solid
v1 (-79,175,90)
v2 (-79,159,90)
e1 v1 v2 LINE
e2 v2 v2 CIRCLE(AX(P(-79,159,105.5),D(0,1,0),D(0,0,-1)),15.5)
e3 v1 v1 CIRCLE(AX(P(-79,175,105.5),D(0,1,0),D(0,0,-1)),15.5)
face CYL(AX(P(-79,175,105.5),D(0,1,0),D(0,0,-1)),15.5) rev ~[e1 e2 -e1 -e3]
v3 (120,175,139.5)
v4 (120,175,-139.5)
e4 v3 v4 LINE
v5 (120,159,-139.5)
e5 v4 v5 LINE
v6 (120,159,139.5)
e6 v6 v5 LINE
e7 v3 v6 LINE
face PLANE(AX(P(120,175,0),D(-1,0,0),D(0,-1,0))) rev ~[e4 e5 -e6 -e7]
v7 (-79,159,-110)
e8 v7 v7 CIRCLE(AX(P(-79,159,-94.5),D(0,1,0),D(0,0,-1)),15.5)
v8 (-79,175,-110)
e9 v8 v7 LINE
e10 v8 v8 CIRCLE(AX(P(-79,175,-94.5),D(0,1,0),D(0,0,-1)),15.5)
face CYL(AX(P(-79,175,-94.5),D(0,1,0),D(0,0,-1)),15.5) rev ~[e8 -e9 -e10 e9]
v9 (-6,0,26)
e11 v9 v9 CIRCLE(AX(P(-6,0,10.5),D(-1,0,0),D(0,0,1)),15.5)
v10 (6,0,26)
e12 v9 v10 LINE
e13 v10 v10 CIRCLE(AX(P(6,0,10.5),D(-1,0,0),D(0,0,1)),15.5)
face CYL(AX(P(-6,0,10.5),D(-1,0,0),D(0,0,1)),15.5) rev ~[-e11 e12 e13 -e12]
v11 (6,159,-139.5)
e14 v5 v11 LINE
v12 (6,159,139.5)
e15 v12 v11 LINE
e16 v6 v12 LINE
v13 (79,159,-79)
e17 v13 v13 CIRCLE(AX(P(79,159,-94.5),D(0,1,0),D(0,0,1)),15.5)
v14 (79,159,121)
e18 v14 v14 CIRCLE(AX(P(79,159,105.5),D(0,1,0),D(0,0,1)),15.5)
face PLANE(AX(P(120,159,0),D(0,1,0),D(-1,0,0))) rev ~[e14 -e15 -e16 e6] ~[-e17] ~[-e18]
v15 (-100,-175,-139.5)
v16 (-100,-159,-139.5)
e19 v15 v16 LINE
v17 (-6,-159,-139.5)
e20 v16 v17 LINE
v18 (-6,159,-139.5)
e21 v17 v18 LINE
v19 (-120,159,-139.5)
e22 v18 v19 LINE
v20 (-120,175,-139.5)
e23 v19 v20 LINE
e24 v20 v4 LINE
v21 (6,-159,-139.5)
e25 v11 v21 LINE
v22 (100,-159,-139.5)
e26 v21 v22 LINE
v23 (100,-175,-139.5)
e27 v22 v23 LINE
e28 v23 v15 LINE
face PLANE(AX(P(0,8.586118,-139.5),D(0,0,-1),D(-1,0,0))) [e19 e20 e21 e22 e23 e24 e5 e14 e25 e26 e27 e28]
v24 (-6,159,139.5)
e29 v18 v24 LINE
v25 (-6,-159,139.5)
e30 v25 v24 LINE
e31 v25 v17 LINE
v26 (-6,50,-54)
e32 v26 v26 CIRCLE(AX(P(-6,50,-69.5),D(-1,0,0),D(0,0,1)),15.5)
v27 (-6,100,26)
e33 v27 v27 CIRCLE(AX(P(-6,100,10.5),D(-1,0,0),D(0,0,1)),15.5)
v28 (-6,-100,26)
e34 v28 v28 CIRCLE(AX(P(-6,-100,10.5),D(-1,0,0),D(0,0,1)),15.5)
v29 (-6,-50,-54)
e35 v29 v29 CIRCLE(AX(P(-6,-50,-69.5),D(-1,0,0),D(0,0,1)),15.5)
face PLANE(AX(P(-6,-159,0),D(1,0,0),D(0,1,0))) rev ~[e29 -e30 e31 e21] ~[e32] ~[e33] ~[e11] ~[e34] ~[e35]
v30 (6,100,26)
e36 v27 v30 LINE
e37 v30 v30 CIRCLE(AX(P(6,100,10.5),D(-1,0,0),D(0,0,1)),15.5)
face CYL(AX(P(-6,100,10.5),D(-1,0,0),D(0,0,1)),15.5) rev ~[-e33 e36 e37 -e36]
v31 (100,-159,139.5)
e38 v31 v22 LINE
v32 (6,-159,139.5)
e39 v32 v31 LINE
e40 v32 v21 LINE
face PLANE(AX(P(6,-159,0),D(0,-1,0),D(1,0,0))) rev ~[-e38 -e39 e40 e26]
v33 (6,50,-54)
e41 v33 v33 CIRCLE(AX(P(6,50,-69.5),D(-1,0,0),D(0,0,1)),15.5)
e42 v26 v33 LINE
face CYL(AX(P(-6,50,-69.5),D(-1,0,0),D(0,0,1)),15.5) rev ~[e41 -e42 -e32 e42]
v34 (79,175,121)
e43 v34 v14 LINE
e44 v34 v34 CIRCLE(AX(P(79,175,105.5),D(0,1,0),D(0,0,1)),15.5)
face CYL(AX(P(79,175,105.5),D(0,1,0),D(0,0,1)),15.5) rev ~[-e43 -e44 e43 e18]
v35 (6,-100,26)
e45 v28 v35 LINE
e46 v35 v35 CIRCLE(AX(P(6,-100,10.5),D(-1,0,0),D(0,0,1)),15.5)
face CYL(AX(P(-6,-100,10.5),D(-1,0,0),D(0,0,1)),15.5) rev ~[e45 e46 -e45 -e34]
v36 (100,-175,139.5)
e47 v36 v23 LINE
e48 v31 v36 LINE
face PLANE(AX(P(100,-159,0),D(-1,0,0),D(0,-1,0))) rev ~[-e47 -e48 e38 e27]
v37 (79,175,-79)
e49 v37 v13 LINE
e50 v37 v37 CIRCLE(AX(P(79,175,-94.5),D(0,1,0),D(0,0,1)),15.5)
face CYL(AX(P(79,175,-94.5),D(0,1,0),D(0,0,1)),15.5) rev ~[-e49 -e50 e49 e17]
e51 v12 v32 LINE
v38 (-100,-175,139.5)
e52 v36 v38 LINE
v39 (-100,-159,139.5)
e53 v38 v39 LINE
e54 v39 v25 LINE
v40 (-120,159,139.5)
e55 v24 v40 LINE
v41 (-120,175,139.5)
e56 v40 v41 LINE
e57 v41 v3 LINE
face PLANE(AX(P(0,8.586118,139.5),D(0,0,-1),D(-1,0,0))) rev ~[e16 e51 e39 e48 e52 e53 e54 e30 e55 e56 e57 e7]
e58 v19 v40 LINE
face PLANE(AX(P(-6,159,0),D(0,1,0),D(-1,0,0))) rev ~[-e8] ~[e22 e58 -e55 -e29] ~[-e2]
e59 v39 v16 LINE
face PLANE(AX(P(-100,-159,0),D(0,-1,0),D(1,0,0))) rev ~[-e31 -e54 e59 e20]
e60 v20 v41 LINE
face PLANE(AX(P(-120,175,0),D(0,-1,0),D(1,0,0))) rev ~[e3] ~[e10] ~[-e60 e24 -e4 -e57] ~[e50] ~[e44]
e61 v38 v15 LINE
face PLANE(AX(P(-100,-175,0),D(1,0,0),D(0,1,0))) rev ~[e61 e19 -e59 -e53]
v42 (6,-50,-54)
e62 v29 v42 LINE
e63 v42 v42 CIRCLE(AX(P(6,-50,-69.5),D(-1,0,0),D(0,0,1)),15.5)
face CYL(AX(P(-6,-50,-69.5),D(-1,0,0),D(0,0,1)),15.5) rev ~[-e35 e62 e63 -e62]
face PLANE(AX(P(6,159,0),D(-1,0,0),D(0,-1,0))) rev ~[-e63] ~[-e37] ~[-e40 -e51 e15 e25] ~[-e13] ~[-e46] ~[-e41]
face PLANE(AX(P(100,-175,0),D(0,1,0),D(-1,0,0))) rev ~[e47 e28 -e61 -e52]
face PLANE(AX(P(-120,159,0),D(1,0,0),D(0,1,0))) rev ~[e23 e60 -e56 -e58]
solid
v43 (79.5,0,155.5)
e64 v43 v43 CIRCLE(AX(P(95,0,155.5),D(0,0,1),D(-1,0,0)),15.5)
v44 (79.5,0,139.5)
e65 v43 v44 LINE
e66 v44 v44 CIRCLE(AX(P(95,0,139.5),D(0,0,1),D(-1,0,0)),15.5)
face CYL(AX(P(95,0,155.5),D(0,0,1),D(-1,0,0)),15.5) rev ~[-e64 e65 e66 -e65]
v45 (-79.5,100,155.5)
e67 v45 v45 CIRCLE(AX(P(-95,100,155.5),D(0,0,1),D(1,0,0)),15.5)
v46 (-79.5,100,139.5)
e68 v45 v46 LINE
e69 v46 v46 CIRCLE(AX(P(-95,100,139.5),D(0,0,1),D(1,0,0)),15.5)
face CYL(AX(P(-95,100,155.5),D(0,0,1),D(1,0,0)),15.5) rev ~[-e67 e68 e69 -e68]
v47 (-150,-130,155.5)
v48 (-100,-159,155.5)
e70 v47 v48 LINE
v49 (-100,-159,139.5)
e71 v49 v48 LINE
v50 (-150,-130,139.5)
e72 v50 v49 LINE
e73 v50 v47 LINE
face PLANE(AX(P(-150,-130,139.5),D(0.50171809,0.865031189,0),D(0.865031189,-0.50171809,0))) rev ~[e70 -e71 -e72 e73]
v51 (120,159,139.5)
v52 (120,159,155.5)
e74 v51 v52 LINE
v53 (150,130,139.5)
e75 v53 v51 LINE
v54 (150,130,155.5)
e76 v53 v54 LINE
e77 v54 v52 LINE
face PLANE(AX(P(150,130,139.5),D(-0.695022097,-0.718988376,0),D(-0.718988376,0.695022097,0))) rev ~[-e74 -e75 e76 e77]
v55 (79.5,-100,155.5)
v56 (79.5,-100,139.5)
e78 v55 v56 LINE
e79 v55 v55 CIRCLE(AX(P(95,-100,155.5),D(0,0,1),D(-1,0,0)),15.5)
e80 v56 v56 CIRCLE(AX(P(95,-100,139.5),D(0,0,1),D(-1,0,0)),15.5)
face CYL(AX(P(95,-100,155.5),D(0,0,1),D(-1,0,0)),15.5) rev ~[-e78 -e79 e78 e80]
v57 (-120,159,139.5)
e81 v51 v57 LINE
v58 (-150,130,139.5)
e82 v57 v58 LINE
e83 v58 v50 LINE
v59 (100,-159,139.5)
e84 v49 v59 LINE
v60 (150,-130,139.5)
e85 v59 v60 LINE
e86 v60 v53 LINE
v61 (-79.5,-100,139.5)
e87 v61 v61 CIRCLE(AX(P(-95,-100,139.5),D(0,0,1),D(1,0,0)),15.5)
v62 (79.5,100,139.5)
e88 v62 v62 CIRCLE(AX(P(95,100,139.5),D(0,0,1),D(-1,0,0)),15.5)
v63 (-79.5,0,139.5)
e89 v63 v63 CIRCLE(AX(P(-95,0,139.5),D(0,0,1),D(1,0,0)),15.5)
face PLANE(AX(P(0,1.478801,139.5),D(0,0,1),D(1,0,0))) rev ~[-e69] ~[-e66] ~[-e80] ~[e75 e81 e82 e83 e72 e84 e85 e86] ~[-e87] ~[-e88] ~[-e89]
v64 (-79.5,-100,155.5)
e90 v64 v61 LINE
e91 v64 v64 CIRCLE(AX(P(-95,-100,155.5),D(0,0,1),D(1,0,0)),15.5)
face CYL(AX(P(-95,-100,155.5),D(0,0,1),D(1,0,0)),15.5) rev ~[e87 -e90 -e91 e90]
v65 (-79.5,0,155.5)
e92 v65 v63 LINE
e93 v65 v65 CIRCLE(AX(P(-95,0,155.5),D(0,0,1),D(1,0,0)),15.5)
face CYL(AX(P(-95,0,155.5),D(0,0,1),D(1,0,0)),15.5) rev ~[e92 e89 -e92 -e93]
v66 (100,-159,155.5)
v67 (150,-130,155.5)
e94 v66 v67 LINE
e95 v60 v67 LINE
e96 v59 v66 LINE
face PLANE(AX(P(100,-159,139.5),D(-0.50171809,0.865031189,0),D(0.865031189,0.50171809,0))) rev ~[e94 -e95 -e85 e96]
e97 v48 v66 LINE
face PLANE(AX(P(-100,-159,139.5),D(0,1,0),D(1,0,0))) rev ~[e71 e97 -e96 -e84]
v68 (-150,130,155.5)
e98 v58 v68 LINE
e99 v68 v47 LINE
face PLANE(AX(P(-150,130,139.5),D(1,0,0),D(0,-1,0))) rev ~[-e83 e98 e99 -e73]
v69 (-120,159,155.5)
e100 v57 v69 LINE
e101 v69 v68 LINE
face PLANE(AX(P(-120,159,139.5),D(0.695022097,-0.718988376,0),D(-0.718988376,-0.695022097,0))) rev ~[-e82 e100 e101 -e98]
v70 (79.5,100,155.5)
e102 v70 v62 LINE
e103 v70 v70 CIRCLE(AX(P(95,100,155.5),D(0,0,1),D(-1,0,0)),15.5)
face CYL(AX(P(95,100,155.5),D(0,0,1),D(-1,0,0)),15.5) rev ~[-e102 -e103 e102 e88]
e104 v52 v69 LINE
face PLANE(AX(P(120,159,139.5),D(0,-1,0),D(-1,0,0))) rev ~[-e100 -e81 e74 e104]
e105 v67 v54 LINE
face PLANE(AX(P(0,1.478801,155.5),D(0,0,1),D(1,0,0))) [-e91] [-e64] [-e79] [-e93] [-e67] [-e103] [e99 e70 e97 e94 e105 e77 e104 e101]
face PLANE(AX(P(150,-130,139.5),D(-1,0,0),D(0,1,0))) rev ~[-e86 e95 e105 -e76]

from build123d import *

# Parameters (mm, degrees)
EXTRUDE_1_DEPTH     = 139.5
EXTRUDE_2_DEPTH     = 16
SKETCH_3_R          = 15.5
CUT_EXTRUDE_3_DEPTH = 375.366130947
SKETCH_4_R          = 15.5
CUT_EXTRUDE_4_DEPTH = 16
SKETCH_5_R          = 15.5
CUT_EXTRUDE_5_DEPTH = 16


with BuildPart() as part:
    # 草图1 → 拉伸1 (new, symmetric)
    with BuildSketch(Plane.XY):
        Polygon((-120, 175), (120, 175), (120, 159), (6, 159), (6, -159), (100, -159), (100, -175), (-100, -175), (-100, -159), (-6, -159), (-6, 159), (-120, 159), align=None)
    extrude(amount=EXTRUDE_1_DEPTH, both=True)

    # 草图4 → 拉伸4 (cut)
    with BuildSketch(Plane.ZY.offset(6)):
        with Locations((10.5, 100)):
            Circle(SKETCH_4_R)
        with Locations((10.5, 0)):
            Circle(SKETCH_4_R)
        with Locations((10.5, -100)):
            Circle(SKETCH_4_R)
        with Locations((-69.5, 50)):
            Circle(SKETCH_4_R)
        with Locations((-69.5, -50)):
            Circle(SKETCH_4_R)
    extrude(amount=-CUT_EXTRUDE_4_DEPTH, mode=Mode.SUBTRACT)

    # 草图5 → 拉伸5 (cut)
    with BuildSketch(Plane(origin=(0, 175, 0), x_dir=(1, 0, 0), z_dir=(0, 1, 0))):
        with Locations(Location((79, -105.5, 0), (0, 0, 270))):
            Circle(SKETCH_5_R)
        with Locations(Location((79, 94.5, 0), (0, 0, 270))):
            Circle(SKETCH_5_R)
        with Locations(Location((-79, 94.5, 0), (0, 0, 90))):
            Circle(SKETCH_5_R)
        with Locations(Location((-79, -105.5, 0), (0, 0, 90))):
            Circle(SKETCH_5_R)
    extrude(amount=-CUT_EXTRUDE_5_DEPTH, mode=Mode.SUBTRACT)


with BuildPart() as body_2:
    # 草图2 → 拉伸2 (new body)
    with BuildSketch(Plane.XY.offset(139.5)):
        Polygon((-150, 130), (-150, -130), (-100, -159), (100, -159), (150, -130), (150, 130), (120, 159), (-120, 159), align=None)
    extrude(amount=EXTRUDE_2_DEPTH)

    # 草图3 → 拉伸3 (cut, through all)
    with BuildSketch(Plane.XY.offset(155.5)):
        with Locations((-95, 100)):
            Circle(SKETCH_3_R)
        with Locations((-95, 0)):
            Circle(SKETCH_3_R)
        with Locations((-95, -100)):
            Circle(SKETCH_3_R)
        with Locations(Location((95, -100, 0), (0, 0, 180))):
            Circle(SKETCH_3_R)
        with Locations(Location((95, 0, 0), (0, 0, 180))):
            Circle(SKETCH_3_R)
        with Locations(Location((95, 100, 0), (0, 0, 180))):
            Circle(SKETCH_3_R)
    extrude(amount=-CUT_EXTRUDE_3_DEPTH, mode=Mode.SUBTRACT)


solid = Compound([part.part, body_2.part])
